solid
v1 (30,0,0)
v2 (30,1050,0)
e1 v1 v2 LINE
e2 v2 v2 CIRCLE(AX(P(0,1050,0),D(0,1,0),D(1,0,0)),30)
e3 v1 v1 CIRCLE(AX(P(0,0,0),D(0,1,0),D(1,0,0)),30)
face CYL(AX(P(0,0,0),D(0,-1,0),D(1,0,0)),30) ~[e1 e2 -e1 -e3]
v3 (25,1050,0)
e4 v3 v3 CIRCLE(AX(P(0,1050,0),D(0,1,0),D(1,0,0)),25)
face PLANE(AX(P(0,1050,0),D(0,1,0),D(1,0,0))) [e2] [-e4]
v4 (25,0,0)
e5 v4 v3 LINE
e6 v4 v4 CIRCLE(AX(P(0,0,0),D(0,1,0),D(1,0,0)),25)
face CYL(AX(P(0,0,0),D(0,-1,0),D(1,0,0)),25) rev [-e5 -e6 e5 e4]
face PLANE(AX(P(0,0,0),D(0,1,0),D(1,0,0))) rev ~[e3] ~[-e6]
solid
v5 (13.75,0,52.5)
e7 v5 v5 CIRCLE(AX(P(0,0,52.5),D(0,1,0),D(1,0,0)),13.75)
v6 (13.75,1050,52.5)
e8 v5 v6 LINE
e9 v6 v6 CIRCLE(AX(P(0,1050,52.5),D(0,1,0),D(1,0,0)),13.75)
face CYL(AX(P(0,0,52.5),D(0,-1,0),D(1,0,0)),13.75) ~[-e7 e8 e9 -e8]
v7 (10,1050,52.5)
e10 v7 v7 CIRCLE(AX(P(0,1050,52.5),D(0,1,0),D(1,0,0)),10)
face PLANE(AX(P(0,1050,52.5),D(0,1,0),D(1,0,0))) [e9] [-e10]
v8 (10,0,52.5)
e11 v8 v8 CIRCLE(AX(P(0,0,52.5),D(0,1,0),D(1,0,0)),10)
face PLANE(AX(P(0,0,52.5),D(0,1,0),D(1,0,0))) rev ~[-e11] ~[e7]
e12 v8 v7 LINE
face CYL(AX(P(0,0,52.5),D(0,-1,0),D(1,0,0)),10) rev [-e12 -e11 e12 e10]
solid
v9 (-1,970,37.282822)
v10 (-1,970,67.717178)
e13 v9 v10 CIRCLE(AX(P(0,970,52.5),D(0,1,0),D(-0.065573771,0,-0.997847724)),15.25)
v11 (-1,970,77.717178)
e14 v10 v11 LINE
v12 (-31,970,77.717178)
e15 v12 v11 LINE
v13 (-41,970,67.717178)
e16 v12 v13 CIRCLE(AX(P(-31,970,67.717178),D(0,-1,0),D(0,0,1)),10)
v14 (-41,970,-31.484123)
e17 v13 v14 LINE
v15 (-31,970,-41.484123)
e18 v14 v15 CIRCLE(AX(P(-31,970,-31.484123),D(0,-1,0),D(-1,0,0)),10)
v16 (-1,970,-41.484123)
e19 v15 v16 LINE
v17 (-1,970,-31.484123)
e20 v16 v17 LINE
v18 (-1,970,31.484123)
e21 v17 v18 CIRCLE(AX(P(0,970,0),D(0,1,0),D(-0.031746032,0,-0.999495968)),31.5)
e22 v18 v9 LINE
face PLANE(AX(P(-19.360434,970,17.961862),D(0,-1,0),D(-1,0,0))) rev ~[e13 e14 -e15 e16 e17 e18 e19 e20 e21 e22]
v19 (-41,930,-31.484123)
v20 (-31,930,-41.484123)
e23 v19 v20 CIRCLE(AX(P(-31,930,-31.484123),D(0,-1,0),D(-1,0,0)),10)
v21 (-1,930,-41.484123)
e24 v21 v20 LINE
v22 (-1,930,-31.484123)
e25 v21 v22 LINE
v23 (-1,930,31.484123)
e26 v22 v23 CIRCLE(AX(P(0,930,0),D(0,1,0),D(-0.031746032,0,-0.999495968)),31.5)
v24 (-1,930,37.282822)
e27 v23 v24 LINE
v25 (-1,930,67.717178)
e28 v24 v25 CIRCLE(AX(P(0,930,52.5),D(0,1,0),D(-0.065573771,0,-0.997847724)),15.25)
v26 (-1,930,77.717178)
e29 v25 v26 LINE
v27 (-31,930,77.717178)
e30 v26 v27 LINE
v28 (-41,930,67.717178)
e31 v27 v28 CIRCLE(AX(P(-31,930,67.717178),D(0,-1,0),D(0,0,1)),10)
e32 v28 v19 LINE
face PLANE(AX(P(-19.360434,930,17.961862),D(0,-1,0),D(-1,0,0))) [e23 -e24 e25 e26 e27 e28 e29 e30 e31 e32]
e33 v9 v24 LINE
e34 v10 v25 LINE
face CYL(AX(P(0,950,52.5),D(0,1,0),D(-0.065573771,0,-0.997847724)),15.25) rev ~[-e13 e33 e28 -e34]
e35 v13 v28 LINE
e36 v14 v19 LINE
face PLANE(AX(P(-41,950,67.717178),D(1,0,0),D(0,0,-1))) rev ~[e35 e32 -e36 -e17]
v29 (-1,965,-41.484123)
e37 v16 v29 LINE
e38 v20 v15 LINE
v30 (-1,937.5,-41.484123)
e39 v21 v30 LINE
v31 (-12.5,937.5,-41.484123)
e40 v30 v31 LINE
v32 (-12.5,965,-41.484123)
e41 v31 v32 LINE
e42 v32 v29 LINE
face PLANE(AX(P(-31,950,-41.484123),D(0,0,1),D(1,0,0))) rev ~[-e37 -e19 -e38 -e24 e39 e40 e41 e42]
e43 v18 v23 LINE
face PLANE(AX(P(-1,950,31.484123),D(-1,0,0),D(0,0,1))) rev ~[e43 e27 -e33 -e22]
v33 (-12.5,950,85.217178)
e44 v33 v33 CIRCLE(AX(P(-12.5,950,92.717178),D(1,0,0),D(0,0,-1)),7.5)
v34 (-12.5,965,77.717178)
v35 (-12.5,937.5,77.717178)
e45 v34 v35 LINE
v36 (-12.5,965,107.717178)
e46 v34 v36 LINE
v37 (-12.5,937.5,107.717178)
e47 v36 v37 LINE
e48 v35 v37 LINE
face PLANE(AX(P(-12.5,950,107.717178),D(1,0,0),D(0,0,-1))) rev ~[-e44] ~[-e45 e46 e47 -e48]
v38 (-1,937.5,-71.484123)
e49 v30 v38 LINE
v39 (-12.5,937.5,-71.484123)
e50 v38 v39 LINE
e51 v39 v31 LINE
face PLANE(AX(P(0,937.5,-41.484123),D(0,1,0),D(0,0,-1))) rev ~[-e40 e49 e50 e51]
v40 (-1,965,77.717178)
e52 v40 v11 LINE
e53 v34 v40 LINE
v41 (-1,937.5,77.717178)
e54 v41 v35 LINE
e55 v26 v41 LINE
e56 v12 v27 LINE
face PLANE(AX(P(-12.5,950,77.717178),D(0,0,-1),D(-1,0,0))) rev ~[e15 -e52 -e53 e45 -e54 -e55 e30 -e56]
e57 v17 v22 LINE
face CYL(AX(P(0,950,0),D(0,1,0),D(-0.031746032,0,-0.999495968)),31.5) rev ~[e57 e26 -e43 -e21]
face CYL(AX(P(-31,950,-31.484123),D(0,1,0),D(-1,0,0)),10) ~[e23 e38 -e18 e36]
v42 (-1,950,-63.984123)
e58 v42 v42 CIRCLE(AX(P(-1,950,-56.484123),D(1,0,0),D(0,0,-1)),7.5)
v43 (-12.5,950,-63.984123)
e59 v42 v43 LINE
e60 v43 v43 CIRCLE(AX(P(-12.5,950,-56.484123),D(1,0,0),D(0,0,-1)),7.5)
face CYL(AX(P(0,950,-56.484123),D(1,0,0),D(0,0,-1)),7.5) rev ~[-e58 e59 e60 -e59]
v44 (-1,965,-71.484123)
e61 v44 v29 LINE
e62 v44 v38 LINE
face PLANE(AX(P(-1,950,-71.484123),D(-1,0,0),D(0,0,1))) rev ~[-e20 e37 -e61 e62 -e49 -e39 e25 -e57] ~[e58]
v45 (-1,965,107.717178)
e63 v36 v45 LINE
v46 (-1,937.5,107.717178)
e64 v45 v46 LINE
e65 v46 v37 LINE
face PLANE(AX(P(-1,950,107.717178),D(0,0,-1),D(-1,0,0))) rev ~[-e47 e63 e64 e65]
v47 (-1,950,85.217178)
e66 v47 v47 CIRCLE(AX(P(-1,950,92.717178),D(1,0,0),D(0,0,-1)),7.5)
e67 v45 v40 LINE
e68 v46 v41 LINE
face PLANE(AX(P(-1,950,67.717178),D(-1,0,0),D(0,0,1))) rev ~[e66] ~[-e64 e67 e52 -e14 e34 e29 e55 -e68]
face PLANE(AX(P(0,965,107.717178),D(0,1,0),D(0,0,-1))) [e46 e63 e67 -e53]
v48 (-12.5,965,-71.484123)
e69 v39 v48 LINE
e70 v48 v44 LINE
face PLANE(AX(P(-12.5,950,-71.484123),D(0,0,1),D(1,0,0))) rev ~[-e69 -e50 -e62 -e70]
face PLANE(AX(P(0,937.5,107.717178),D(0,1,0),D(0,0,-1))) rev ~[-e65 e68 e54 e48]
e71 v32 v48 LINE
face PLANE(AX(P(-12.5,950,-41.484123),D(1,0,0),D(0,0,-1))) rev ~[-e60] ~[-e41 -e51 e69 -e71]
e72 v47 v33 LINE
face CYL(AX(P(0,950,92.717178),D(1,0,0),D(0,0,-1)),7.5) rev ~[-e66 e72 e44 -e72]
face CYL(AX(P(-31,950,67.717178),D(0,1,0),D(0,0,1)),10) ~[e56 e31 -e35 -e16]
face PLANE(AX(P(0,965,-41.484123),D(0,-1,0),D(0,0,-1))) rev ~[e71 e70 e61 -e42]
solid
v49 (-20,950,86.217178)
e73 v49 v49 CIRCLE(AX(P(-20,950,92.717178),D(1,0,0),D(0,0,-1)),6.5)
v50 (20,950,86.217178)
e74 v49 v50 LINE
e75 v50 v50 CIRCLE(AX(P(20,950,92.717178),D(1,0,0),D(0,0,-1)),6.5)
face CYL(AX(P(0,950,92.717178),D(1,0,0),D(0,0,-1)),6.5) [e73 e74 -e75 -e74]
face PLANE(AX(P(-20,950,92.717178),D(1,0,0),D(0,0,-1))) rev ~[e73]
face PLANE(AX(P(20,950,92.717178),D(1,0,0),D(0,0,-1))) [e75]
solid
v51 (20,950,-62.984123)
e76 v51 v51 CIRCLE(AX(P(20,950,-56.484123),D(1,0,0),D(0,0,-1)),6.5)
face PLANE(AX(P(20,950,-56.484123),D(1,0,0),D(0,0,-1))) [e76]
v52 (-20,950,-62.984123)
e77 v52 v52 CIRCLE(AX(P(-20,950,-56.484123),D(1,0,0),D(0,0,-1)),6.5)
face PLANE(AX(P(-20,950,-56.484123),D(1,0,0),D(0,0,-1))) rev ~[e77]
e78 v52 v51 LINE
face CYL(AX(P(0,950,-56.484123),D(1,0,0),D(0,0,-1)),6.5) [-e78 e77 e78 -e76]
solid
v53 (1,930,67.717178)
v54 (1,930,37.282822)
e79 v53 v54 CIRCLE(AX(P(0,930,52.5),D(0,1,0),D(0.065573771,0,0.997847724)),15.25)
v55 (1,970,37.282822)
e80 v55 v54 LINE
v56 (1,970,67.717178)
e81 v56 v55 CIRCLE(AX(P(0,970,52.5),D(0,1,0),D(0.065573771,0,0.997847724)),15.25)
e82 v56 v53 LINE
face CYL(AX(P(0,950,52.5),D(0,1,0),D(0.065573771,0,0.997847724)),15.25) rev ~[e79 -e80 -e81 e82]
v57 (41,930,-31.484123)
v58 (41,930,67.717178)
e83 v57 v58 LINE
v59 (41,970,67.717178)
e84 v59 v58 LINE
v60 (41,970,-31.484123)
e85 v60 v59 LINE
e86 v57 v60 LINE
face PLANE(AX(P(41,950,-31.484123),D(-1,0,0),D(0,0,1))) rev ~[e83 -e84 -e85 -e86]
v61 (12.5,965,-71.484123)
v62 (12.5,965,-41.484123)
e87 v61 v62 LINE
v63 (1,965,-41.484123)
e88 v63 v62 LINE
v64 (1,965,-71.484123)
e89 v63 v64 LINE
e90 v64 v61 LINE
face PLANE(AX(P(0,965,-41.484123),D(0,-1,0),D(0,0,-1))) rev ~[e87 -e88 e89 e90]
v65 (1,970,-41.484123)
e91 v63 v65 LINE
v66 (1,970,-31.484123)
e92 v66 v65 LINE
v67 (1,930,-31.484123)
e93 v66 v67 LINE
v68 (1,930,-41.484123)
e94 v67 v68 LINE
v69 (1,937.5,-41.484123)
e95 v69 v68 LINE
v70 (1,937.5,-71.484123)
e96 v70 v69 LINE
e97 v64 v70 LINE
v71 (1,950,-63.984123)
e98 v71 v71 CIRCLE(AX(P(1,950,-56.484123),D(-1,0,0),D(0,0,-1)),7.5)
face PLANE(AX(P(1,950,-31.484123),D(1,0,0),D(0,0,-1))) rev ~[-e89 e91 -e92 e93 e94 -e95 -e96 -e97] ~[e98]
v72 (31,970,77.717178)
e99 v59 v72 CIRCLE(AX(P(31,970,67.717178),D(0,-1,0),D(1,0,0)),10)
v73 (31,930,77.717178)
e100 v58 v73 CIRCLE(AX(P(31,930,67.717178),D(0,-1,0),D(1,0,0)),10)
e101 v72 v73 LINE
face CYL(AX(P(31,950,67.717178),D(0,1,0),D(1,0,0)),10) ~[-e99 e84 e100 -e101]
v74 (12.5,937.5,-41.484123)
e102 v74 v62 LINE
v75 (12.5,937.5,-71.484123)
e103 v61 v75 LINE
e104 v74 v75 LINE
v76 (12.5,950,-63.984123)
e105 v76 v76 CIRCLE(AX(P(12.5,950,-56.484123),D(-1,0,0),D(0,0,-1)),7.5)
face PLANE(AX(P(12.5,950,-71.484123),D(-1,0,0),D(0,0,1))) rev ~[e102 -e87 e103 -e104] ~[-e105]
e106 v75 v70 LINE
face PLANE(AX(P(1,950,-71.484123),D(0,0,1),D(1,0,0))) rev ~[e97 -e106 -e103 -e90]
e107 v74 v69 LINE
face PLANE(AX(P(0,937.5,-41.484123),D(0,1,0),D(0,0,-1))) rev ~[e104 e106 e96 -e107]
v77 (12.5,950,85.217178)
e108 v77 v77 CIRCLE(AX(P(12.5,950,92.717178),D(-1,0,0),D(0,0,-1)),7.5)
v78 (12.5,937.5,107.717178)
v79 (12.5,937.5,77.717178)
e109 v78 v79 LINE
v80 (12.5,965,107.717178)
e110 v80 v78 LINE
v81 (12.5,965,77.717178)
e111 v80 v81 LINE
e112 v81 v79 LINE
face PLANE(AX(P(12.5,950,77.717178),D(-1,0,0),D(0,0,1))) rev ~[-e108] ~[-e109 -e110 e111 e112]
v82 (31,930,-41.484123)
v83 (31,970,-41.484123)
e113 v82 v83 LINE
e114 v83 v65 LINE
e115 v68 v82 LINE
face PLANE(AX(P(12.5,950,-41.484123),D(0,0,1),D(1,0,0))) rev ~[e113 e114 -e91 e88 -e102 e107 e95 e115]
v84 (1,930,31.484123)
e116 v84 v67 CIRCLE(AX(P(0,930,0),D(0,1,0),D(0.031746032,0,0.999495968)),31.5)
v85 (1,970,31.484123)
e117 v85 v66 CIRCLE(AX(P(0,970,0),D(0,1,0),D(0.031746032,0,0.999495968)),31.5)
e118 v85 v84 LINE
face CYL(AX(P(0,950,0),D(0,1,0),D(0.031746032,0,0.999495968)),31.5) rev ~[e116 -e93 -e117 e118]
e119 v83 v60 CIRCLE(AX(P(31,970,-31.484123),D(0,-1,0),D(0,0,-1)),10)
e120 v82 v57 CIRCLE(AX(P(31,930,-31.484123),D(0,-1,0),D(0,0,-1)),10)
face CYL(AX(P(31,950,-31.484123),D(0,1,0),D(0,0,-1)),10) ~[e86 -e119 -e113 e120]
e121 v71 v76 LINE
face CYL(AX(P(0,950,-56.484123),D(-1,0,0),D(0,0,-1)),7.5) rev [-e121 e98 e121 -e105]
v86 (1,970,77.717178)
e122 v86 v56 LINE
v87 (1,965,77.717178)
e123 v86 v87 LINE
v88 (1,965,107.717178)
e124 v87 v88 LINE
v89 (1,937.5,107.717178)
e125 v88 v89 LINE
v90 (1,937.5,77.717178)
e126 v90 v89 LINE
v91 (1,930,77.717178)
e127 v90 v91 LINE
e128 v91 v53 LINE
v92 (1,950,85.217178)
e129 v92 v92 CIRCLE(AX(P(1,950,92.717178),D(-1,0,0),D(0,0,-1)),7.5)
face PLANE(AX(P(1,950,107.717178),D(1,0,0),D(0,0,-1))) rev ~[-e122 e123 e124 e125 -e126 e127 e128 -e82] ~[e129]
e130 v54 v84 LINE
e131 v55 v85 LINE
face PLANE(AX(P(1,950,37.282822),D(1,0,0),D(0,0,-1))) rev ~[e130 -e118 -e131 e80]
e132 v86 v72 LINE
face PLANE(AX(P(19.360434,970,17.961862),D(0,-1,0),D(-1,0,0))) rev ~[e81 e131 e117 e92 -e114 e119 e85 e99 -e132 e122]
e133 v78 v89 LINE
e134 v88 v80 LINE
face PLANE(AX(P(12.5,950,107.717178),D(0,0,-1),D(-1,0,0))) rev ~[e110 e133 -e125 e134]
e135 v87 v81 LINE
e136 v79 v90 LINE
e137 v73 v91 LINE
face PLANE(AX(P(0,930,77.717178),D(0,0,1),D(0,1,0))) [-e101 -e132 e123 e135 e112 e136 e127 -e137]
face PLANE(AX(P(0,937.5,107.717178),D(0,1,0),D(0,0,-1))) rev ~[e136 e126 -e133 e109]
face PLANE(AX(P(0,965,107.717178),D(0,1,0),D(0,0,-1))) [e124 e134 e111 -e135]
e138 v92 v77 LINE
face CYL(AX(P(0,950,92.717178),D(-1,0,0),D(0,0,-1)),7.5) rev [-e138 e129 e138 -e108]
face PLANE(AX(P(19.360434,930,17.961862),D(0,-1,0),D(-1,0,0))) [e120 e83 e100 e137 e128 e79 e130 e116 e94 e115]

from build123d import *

# Parameters (mm, degrees)
CROQUIS1_R                = 30
CROQUIS1_R_2              = 25
SALIENTE_EXTRUIR1_DEPTH   = 1050
CROQUIS1_R_3              = 13.75
CROQUIS1_R_4              = 10
SALIENTE_EXTRUIR1_2_DEPTH = 1050
SALIENTE_EXTRUIR2_DEPTH   = 20
SALIENTE_EXTRUIR2_2_DEPTH = 20
CROQUIS4_R                = 7.5
CROQUIS4_W                = 30
CROQUIS4_H                = 5
CROQUIS4_H_2              = 7.5
CORTAR_EXTRUIR1_DEPTH     = 20
CROQUIS4_4_R              = 6.5
SALIENTE_EXTRUIR3_DEPTH   = 20
SALIENTE_EXTRUIR3_2_DEPTH = 20


with BuildPart() as part:
    # Croquis1 → Saliente-Extruir1 (new body)
    with BuildSketch(Plane(origin=(0, 0, 0), x_dir=(1, 0, 0), z_dir=(0, 1, 0))):
        Circle(CROQUIS1_R)
        Circle(CROQUIS1_R_2, mode=Mode.SUBTRACT)
    extrude(amount=SALIENTE_EXTRUIR1_DEPTH)


with BuildPart() as body_2:
    # Croquis1 → Saliente-Extruir1 2 (new body)
    with BuildSketch(Plane(origin=(0, 0, 0), x_dir=(1, 0, 0), z_dir=(0, 1, 0))):
        with Locations((0, -52.5)):
            Circle(CROQUIS1_R_3)
        with Locations((0, -52.5)):
            Circle(CROQUIS1_R_4, mode=Mode.SUBTRACT)
    extrude(amount=SALIENTE_EXTRUIR1_2_DEPTH)


with BuildPart() as body_3:
    # Croquis2 → Saliente-Extruir2 (new body, symmetric)
    with BuildSketch(Plane(origin=(0, 950, 0), x_dir=(1, 0, 0), z_dir=(0, 1, 0))):
        with BuildLine():
            Line((-12.5, 71.484122983), (-1, 71.484122983))
            Line((-1, 71.484122983), (-1, 31.484122983))
            ThreePointArc((-1, 31.484122983), (-31.5, 0), (-1, -31.484122983))
            Line((-1, -31.484122983), (-1, -37.282822206))
            ThreePointArc((-1, -37.282822206), (-15.25, -52.5), (-1, -67.717177794))
            Line((-1, -67.717177794), (-1, -107.717177794))
            Line((-1, -107.717177794), (-12.5, -107.717177794))
            Line((-12.5, -107.717177794), (-12.5, -77.717177794))
            Line((-12.5, -77.717177794), (-31, -77.717177794))
            ThreePointArc((-31, -77.717177794), (-38.071067812, -74.788245605), (-41, -67.717177794))
            Line((-41, -67.717177794), (-41, 31.484122983))
            ThreePointArc((-41, 31.484122983), (-38.071067812, 38.555190795), (-31, 41.484122983))
            Line((-31, 41.484122983), (-12.5, 41.484122983))
            Line((-12.5, 41.484122983), (-12.5, 71.484122983))
        make_face()
    extrude(amount=SALIENTE_EXTRUIR2_DEPTH, both=True)


with BuildPart() as body_4:
    # Croquis2 → Saliente-Extruir2 2 (new body, symmetric)
    with BuildSketch(Plane(origin=(0, 950, 0), x_dir=(1, 0, 0), z_dir=(0, 1, 0))):
        with BuildLine():
            Line((41, 31.484122983), (41, -67.717177794))
            ThreePointArc((41, -67.717177794), (38.071067812, -74.788245605), (31, -77.717177794))
            Line((31, -77.717177794), (12.5, -77.717177794))
            Line((12.5, -77.717177794), (12.5, -107.717177794))
            Line((12.5, -107.717177794), (1, -107.717177794))
            Line((1, -107.717177794), (1, -67.717177794))
            ThreePointArc((1, -67.717177794), (15.25, -52.5), (1, -37.282822206))
            Line((1, -37.282822206), (1, -31.484122983))
            ThreePointArc((1, -31.484122983), (31.5, 0), (1, 31.484122983))
            Line((1, 31.484122983), (1, 71.484122983))
            Line((1, 71.484122983), (12.5, 71.484122983))
            Line((12.5, 71.484122983), (12.5, 41.484122983))
            Line((12.5, 41.484122983), (31, 41.484122983))
            ThreePointArc((31, 41.484122983), (38.071067812, 38.555190795), (41, 31.484122983))
        make_face()
    extrude(amount=SALIENTE_EXTRUIR2_2_DEPTH, both=True)


with BuildPart() as cortar_extruir1_tool:
    # Croquis4 → Cortar-Extruir1 (new body, symmetric)
    with BuildSketch(Plane(origin=(0, 0, 0), x_dir=(0, 0, -1), z_dir=(1, 0, 0))):
        with Locations((56.484122983, 950)):
            Circle(CROQUIS4_R)
        with Locations((-92.717177794, 950)):
            Circle(CROQUIS4_R)
        with Locations((-92.717177794, 967.5)):
            Rectangle(CROQUIS4_W, CROQUIS4_H)
        with Locations((-92.717177794, 933.75)):
            Rectangle(CROQUIS4_W, CROQUIS4_H_2)
        with Locations((56.484122983, 933.75)):
            Rectangle(CROQUIS4_W, CROQUIS4_H_2)
        with Locations((56.484122983, 967.5)):
            Rectangle(CROQUIS4_W, CROQUIS4_H)
    extrude(amount=CORTAR_EXTRUIR1_DEPTH, both=True)


with BuildPart() as body_3_1:
    add(body_3.part)

    # Cortar-Extruir1: cut by cortar_extruir1_tool
    add(cortar_extruir1_tool.part, mode=Mode.SUBTRACT)


with BuildPart() as body_4_1:
    add(body_4.part)

    # Cortar-Extruir1: cut by cortar_extruir1_tool
    add(cortar_extruir1_tool.part, mode=Mode.SUBTRACT)


with BuildPart() as body_5:
    # Croquis4<4> → Saliente-Extruir3 (new body, symmetric)
    with BuildSketch(Plane(origin=(0, 0, 0), x_dir=(0, 0, -1), z_dir=(1, 0, 0))):
        with Locations((56.484122983, 950)):
            Circle(CROQUIS4_4_R)
    extrude(amount=SALIENTE_EXTRUIR3_DEPTH, both=True)


with BuildPart() as body_6:
    # Croquis4<4> → Saliente-Extruir3 2 (new body, symmetric)
    with BuildSketch(Plane(origin=(0, 0, 0), x_dir=(0, 0, -1), z_dir=(1, 0, 0))):
        with Locations((-92.717177794, 950)):
            Circle(CROQUIS4_4_R)
    extrude(amount=SALIENTE_EXTRUIR3_2_DEPTH, both=True)


solid = Compound([part.part, body_2.part, body_3_1.part, body_4_1.part, body_5.part, body_6.part])
